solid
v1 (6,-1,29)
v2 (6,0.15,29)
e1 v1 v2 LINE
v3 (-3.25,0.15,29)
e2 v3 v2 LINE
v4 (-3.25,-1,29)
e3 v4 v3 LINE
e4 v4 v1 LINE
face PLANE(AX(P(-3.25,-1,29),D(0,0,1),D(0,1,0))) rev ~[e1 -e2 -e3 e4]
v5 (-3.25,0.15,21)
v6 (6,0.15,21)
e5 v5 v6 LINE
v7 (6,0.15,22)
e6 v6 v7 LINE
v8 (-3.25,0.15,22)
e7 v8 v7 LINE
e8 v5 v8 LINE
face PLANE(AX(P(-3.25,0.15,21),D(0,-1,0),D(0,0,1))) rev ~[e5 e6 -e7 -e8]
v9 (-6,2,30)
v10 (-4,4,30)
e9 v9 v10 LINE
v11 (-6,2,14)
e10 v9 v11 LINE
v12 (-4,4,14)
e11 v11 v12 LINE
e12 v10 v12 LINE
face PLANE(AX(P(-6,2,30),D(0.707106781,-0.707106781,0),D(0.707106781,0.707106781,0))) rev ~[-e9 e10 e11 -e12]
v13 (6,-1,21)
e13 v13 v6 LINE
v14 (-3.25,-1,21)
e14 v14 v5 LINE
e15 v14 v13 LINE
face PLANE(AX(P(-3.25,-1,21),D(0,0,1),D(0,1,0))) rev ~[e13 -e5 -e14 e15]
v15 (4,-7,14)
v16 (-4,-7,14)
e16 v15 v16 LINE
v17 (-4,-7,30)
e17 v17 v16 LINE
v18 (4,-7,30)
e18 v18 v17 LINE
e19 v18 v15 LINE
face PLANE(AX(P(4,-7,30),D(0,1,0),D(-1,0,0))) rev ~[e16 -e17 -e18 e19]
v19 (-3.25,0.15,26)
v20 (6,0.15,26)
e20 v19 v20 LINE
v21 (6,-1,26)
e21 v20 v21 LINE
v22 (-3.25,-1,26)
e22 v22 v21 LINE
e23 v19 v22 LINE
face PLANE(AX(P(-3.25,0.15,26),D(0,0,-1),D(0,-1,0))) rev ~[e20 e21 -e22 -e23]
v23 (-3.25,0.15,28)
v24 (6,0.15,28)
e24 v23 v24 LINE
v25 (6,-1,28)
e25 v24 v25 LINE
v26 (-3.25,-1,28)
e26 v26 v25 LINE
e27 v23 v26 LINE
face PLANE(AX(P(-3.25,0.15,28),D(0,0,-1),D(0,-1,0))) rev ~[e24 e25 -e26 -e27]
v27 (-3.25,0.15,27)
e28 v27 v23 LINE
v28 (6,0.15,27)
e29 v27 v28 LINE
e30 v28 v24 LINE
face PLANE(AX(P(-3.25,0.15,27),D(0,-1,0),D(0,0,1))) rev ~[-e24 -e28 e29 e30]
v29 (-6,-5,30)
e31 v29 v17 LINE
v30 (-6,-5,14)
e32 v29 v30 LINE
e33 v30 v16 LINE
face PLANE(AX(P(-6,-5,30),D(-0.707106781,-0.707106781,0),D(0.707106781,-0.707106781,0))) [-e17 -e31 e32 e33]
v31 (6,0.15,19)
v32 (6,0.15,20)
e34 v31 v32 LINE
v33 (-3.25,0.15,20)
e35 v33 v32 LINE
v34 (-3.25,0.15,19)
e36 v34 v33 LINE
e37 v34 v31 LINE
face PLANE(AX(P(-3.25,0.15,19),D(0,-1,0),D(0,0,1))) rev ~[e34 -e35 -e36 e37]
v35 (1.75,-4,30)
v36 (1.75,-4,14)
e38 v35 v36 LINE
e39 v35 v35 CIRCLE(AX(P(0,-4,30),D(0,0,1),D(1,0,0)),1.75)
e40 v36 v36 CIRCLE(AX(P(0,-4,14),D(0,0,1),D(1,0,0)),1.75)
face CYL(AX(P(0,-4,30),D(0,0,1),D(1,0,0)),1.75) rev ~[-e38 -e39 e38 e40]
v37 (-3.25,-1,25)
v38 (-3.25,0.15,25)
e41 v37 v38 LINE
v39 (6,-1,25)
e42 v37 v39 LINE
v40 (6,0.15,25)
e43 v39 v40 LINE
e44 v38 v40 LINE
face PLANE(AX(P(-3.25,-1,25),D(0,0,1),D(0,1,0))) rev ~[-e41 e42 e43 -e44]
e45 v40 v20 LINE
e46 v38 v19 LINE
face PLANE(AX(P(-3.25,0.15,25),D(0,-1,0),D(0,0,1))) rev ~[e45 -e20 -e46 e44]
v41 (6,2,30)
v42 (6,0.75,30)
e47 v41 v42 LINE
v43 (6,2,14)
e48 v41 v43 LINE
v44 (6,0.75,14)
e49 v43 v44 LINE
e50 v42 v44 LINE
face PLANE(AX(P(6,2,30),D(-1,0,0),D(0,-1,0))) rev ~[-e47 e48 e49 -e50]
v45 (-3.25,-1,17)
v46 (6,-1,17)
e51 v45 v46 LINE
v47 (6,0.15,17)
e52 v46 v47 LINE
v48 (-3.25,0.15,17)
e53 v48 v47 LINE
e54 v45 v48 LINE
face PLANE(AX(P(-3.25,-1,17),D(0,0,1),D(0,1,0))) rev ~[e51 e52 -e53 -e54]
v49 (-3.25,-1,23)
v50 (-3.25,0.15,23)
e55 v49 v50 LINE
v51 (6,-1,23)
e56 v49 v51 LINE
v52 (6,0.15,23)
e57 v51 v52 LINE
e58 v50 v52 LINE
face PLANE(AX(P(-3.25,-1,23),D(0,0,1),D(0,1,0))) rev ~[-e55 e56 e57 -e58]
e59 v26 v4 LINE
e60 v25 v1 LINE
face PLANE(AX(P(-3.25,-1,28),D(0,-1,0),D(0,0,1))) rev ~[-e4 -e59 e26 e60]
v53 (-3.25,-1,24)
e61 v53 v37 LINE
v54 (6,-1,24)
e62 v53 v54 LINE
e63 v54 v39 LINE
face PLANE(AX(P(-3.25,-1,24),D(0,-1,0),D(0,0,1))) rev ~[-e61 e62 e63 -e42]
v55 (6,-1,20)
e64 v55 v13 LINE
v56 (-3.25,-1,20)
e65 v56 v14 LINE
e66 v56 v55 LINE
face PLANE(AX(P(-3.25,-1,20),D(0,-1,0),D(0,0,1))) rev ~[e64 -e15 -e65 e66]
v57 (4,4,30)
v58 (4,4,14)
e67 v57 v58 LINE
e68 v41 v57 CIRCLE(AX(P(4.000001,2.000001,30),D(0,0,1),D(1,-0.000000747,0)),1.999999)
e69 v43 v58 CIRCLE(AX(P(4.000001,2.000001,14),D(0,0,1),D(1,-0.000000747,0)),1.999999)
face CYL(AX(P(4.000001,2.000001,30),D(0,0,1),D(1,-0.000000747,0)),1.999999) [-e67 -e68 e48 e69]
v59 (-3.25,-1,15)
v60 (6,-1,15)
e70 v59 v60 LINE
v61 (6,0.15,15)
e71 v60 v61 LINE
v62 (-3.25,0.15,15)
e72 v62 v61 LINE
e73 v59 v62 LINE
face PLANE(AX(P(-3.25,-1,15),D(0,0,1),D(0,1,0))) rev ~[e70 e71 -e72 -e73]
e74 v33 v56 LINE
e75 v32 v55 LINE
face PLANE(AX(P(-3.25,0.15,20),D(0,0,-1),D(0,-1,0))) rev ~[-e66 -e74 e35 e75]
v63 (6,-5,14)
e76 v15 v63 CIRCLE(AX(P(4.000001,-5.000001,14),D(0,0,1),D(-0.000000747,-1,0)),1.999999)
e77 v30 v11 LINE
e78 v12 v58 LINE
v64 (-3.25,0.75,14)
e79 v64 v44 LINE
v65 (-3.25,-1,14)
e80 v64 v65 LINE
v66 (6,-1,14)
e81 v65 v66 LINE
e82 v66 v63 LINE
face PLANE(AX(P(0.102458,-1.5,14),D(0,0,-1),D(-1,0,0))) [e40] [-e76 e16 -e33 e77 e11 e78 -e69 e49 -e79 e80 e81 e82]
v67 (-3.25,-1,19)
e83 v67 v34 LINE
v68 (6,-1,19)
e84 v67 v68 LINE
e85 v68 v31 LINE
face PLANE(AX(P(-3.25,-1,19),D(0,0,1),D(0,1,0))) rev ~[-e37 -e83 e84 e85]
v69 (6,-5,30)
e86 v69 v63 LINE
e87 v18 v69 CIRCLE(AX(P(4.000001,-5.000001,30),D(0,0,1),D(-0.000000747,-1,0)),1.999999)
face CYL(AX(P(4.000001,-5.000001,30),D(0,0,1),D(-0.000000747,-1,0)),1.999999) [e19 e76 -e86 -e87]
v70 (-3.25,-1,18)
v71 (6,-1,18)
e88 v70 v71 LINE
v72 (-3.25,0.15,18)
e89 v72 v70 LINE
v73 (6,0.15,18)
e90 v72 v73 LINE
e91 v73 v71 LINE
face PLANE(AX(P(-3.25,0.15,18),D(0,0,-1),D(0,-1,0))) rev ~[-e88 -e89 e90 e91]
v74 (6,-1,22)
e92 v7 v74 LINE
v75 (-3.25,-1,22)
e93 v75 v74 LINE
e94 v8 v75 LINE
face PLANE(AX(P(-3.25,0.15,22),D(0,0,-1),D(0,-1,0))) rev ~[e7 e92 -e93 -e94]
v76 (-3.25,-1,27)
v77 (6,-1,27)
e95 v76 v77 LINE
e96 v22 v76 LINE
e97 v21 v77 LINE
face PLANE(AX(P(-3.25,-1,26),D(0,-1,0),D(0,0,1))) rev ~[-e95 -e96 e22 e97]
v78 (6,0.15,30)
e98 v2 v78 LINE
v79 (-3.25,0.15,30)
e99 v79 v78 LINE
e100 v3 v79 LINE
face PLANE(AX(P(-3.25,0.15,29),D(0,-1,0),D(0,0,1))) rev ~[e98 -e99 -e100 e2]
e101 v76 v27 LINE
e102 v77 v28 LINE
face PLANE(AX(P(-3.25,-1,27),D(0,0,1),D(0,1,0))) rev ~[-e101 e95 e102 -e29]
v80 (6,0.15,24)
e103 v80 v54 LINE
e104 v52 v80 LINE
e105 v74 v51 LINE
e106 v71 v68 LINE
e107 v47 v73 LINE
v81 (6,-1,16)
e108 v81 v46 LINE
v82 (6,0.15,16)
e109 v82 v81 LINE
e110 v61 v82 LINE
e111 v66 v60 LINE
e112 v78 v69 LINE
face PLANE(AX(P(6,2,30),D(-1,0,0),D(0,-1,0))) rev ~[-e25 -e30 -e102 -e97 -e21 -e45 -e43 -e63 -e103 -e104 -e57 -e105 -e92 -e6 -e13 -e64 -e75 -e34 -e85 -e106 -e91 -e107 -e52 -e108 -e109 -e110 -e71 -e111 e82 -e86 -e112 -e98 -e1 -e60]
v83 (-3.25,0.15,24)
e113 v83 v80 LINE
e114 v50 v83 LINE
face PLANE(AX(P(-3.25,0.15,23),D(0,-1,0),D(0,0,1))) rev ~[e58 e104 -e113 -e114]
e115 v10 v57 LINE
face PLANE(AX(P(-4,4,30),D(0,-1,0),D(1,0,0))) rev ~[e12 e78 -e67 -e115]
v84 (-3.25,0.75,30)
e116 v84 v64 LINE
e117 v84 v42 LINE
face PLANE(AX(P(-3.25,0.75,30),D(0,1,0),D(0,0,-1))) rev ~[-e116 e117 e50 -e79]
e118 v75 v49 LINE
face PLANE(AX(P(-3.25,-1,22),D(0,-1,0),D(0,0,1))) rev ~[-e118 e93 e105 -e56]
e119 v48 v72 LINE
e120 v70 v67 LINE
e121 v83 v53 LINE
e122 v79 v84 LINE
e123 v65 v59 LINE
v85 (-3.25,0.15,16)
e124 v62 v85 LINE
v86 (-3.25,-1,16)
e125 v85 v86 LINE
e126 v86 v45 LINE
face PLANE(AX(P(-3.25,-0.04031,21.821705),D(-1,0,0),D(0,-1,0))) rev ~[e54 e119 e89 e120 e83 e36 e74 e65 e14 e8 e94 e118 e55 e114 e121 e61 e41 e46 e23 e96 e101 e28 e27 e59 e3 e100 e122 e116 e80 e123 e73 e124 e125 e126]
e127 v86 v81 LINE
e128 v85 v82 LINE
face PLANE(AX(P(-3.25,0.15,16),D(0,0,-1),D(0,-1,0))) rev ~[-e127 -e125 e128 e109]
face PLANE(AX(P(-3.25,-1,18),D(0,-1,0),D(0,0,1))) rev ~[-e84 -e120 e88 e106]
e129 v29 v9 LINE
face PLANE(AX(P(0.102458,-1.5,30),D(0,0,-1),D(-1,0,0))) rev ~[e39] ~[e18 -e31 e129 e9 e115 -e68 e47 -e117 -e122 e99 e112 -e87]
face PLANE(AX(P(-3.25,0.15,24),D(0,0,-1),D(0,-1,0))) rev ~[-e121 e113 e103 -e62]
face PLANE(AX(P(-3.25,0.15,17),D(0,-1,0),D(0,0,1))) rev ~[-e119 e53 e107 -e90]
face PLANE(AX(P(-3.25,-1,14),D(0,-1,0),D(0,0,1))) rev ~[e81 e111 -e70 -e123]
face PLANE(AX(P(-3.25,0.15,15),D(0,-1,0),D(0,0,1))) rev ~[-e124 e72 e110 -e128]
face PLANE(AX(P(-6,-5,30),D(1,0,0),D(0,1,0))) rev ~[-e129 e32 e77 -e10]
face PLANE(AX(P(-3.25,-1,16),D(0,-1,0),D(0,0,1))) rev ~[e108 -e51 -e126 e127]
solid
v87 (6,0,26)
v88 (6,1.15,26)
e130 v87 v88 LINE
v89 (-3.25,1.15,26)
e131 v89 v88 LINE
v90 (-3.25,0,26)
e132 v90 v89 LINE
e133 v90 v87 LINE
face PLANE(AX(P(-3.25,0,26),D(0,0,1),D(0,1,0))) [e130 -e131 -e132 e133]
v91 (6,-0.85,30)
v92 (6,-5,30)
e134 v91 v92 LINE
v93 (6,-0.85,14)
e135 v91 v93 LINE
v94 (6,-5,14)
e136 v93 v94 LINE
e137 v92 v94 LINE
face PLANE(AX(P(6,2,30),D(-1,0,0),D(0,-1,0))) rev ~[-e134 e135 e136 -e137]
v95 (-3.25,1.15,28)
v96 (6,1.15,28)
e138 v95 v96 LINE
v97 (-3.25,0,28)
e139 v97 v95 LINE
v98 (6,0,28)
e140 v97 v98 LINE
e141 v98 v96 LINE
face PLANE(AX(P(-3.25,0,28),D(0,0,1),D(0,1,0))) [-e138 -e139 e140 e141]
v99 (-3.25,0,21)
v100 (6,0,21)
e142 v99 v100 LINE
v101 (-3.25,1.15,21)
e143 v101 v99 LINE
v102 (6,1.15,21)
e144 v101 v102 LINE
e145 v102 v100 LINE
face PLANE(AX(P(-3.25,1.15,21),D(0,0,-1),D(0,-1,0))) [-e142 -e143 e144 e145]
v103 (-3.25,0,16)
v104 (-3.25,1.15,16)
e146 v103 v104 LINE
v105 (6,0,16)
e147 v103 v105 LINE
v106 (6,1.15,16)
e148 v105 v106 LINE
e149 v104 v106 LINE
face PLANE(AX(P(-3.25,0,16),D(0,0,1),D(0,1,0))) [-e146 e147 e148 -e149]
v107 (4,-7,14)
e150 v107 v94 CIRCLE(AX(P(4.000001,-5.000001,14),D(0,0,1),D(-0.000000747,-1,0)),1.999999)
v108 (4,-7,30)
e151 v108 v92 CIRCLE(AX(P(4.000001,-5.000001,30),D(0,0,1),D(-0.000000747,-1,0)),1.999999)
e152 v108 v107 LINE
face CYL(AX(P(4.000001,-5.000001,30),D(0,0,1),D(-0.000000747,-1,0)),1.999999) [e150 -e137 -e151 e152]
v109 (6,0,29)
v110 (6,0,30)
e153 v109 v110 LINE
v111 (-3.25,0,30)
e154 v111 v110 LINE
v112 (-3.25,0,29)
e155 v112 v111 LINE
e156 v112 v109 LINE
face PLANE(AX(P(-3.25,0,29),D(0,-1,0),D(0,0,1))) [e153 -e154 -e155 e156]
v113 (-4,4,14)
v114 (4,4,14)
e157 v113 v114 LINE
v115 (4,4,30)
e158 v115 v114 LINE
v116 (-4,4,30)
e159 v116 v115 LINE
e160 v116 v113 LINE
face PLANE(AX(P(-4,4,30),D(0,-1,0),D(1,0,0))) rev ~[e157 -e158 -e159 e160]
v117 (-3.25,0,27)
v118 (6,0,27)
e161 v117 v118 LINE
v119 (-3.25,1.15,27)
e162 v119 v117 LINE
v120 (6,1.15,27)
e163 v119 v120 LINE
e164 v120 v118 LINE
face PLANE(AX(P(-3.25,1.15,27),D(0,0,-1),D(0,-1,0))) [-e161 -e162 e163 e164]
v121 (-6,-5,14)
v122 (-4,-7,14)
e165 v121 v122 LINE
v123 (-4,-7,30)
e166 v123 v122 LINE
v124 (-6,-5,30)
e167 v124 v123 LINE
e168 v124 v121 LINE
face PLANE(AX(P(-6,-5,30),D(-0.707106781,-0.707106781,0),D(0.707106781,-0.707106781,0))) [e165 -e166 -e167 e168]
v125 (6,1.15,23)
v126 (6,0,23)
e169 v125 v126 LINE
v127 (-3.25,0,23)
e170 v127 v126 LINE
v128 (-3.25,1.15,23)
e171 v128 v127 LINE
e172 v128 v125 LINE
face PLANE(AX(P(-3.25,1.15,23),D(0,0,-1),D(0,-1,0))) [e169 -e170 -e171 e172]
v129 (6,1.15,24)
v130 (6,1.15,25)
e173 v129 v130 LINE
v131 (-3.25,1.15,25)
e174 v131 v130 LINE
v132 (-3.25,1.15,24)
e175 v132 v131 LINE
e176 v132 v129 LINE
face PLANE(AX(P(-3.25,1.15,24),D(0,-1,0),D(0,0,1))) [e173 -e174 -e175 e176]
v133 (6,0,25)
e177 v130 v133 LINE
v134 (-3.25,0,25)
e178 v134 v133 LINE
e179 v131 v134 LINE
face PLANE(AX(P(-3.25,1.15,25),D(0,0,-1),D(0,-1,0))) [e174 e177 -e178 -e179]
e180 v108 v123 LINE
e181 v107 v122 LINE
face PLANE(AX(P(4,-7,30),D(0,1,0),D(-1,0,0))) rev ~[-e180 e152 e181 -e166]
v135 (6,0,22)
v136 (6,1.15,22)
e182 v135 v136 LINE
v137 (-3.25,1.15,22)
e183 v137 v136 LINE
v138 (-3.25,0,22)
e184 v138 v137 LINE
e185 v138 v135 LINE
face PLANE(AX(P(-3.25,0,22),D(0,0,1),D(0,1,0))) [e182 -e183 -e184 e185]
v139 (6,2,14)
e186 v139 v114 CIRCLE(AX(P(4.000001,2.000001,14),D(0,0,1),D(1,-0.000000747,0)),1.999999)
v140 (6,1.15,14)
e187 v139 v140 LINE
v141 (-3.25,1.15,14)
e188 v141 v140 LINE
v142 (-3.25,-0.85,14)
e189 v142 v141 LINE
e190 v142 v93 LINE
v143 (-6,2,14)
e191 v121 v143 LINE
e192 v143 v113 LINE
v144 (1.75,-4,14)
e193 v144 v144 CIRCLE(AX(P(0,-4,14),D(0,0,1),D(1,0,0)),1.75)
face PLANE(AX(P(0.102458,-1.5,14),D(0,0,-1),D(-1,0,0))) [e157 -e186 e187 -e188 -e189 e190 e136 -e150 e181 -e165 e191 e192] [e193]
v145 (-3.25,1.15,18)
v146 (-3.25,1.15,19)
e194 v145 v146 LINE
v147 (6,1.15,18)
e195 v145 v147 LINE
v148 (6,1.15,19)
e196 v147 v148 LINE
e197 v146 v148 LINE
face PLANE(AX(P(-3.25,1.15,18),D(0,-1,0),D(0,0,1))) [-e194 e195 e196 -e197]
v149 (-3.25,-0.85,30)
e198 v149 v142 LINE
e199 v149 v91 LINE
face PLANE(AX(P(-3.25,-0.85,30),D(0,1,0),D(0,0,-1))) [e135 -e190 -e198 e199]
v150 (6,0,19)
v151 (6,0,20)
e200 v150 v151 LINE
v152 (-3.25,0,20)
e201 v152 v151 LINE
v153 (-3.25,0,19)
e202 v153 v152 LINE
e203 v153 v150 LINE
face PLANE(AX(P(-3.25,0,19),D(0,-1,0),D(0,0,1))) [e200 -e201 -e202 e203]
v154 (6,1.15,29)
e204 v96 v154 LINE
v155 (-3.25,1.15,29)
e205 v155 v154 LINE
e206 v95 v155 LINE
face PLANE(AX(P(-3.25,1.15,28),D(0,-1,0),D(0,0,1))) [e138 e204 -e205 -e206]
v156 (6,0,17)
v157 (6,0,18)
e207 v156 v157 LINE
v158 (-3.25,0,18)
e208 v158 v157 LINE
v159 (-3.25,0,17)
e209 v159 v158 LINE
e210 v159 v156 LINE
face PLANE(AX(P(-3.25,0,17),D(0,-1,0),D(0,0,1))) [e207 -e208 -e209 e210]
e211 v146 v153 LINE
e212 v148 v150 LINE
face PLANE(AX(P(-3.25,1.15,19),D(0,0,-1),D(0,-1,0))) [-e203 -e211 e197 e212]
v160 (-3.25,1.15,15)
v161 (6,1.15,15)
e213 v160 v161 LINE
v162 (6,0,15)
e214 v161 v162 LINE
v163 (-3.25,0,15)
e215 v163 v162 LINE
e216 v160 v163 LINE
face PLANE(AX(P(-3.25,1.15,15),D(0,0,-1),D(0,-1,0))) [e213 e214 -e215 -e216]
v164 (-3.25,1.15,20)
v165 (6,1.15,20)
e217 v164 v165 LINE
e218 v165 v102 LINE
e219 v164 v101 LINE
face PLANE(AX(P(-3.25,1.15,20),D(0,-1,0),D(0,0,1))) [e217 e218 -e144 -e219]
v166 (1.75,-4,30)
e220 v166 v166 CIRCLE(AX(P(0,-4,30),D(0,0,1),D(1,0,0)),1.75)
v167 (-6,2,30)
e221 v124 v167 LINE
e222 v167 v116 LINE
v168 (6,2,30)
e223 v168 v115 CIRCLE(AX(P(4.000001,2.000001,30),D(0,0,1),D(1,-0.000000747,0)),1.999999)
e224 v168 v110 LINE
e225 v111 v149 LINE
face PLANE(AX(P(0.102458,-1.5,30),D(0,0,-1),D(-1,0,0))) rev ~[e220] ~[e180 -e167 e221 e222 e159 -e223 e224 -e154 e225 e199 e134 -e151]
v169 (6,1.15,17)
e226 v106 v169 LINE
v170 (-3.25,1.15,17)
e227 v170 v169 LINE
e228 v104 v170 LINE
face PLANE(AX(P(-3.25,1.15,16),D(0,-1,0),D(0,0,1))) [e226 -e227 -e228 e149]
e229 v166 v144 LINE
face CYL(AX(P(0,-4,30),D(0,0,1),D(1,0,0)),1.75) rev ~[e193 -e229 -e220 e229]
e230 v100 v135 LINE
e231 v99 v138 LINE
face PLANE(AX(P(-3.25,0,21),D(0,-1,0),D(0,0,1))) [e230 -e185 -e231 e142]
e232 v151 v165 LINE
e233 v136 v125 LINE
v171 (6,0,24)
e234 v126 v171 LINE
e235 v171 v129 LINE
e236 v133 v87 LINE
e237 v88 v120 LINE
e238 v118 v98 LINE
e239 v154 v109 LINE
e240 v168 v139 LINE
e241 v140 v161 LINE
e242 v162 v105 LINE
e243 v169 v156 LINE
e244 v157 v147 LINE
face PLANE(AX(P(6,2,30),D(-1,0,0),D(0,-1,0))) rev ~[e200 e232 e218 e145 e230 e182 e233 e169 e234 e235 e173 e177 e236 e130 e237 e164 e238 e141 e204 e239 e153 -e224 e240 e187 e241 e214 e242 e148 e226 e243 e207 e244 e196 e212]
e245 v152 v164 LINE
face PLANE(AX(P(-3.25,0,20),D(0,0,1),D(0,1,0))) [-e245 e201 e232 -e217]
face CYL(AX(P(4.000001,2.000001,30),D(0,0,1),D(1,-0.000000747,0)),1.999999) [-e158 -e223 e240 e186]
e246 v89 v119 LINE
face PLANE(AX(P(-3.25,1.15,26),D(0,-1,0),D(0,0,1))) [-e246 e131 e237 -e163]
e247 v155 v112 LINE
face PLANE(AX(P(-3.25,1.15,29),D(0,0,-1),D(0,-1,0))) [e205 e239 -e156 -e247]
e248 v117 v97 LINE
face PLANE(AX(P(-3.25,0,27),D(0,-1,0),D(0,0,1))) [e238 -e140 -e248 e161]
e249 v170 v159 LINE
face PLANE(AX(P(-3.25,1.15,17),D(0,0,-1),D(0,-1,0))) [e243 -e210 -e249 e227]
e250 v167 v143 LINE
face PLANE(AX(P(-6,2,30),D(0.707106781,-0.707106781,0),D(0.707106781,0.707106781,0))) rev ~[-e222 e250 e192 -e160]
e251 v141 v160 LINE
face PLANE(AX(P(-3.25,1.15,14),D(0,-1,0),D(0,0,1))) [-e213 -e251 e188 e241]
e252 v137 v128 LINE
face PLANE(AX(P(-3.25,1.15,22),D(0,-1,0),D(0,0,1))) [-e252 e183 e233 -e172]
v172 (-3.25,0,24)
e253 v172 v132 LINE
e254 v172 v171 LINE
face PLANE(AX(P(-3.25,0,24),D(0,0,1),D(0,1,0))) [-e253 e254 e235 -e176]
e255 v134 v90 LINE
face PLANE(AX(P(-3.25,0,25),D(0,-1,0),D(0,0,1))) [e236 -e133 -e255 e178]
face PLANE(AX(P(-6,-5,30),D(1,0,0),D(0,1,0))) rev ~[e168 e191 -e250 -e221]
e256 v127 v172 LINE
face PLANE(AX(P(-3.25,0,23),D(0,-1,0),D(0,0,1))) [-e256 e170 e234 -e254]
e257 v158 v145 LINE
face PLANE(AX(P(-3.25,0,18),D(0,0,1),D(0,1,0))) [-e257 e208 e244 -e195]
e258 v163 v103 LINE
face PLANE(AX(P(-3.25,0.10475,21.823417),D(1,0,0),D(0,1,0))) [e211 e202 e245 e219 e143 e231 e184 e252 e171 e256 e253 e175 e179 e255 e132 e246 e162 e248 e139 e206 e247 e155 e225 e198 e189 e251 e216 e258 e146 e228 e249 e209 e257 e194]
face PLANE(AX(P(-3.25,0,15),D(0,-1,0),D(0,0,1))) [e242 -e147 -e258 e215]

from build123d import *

# Parameters (mm, degrees)
SKETCH162_R     = 1.75
PAD047_DEPTH    = 16
POCKET093_DEPTH = 9.251
SKETCH164_R     = 1.75
PAD048_DEPTH    = 16
POCKET094_DEPTH = 9.251


with BuildPart() as belt_clip:
    # Sketch162 → Pad047 (new body)
    with BuildSketch(Plane.XY.offset(30)):
        with BuildLine():
            Line((-4, 4), (4, 4))
            ThreePointArc((6, 2), (5.414214, 3.414214), (4, 4))
            Line((6, 2), (6, -5))
            ThreePointArc((4, -7), (5.414214, -6.414214), (6, -5))
            Line((4, -7), (-4, -7))
            Line((-6, -5), (-4, -7))
            Line((-6, -5), (-6, 2))
            Line((-6, 2), (-4, 4))
        make_face()
        with Locations((0, -4)):
            Circle(SKETCH162_R, mode=Mode.SUBTRACT)
    extrude(amount=-PAD047_DEPTH)

    # Sketch163 → Pocket093 (cut, through all)
    with BuildSketch(Plane.YZ.offset(-3.25)):
        Polygon((0.75, 30), (0.75, 14), (-1, 14), (-1, 15), (0.15, 15), (0.15, 16), (-1, 16), (-1, 17), (0.15, 17), (0.15, 18), (-1, 18), (-1, 19), (0.15, 19), (0.15, 20), (-1, 20), (-1, 21), (0.15, 21), (0.15, 22), (-1, 22), (-1, 23), (0.15, 23), (0.15, 24), (-1, 24), (-1, 25), (0.15, 25), (0.15, 26), (-1, 26), (-1, 27), (0.15, 27), (0.15, 28), (-1, 28), (-1, 29), (0.15, 29), (0.15, 30), align=None)
    extrude(amount=POCKET093_DEPTH, mode=Mode.SUBTRACT)


with BuildPart() as belt_clip_reversed_teeth:
    # Sketch164 → Pad048 (new body)
    with BuildSketch(Plane.XY.offset(30)):
        with BuildLine():
            Line((-4, 4), (4, 4))
            ThreePointArc((6, 2), (5.414214, 3.414214), (4, 4))
            Line((6, 2), (6, -5))
            ThreePointArc((4, -7), (5.414214, -6.414214), (6, -5))
            Line((4, -7), (-4, -7))
            Line((-6, -5), (-4, -7))
            Line((-6, -5), (-6, 2))
            Line((-6, 2), (-4, 4))
        make_face()
        with Locations((0, -4)):
            Circle(SKETCH164_R, mode=Mode.SUBTRACT)
    extrude(amount=-PAD048_DEPTH)

    # Sketch165 → Pocket094 (cut, through all)
    with BuildSketch(Plane.YZ.offset(-3.25)):
        Polygon((-0.85, 30), (-0.85, 14), (1.15, 14), (1.15, 15), (0, 15), (0, 16), (1.15, 16), (1.15, 17), (0, 17), (0, 18), (1.15, 18), (1.15, 19), (0, 19), (0, 20), (1.15, 20), (1.15, 21), (0, 21), (0, 22), (1.15, 22), (1.15, 23), (0, 23), (0, 24), (1.15, 24), (1.15, 25), (0, 25), (0, 26), (1.15, 26), (1.15, 27), (0, 27), (0, 28), (1.15, 28), (1.15, 29), (0, 29), (0, 30), align=None)
    extrude(amount=POCKET094_DEPTH, mode=Mode.SUBTRACT)


solid = Compound([belt_clip.part, belt_clip_reversed_teeth.part])
